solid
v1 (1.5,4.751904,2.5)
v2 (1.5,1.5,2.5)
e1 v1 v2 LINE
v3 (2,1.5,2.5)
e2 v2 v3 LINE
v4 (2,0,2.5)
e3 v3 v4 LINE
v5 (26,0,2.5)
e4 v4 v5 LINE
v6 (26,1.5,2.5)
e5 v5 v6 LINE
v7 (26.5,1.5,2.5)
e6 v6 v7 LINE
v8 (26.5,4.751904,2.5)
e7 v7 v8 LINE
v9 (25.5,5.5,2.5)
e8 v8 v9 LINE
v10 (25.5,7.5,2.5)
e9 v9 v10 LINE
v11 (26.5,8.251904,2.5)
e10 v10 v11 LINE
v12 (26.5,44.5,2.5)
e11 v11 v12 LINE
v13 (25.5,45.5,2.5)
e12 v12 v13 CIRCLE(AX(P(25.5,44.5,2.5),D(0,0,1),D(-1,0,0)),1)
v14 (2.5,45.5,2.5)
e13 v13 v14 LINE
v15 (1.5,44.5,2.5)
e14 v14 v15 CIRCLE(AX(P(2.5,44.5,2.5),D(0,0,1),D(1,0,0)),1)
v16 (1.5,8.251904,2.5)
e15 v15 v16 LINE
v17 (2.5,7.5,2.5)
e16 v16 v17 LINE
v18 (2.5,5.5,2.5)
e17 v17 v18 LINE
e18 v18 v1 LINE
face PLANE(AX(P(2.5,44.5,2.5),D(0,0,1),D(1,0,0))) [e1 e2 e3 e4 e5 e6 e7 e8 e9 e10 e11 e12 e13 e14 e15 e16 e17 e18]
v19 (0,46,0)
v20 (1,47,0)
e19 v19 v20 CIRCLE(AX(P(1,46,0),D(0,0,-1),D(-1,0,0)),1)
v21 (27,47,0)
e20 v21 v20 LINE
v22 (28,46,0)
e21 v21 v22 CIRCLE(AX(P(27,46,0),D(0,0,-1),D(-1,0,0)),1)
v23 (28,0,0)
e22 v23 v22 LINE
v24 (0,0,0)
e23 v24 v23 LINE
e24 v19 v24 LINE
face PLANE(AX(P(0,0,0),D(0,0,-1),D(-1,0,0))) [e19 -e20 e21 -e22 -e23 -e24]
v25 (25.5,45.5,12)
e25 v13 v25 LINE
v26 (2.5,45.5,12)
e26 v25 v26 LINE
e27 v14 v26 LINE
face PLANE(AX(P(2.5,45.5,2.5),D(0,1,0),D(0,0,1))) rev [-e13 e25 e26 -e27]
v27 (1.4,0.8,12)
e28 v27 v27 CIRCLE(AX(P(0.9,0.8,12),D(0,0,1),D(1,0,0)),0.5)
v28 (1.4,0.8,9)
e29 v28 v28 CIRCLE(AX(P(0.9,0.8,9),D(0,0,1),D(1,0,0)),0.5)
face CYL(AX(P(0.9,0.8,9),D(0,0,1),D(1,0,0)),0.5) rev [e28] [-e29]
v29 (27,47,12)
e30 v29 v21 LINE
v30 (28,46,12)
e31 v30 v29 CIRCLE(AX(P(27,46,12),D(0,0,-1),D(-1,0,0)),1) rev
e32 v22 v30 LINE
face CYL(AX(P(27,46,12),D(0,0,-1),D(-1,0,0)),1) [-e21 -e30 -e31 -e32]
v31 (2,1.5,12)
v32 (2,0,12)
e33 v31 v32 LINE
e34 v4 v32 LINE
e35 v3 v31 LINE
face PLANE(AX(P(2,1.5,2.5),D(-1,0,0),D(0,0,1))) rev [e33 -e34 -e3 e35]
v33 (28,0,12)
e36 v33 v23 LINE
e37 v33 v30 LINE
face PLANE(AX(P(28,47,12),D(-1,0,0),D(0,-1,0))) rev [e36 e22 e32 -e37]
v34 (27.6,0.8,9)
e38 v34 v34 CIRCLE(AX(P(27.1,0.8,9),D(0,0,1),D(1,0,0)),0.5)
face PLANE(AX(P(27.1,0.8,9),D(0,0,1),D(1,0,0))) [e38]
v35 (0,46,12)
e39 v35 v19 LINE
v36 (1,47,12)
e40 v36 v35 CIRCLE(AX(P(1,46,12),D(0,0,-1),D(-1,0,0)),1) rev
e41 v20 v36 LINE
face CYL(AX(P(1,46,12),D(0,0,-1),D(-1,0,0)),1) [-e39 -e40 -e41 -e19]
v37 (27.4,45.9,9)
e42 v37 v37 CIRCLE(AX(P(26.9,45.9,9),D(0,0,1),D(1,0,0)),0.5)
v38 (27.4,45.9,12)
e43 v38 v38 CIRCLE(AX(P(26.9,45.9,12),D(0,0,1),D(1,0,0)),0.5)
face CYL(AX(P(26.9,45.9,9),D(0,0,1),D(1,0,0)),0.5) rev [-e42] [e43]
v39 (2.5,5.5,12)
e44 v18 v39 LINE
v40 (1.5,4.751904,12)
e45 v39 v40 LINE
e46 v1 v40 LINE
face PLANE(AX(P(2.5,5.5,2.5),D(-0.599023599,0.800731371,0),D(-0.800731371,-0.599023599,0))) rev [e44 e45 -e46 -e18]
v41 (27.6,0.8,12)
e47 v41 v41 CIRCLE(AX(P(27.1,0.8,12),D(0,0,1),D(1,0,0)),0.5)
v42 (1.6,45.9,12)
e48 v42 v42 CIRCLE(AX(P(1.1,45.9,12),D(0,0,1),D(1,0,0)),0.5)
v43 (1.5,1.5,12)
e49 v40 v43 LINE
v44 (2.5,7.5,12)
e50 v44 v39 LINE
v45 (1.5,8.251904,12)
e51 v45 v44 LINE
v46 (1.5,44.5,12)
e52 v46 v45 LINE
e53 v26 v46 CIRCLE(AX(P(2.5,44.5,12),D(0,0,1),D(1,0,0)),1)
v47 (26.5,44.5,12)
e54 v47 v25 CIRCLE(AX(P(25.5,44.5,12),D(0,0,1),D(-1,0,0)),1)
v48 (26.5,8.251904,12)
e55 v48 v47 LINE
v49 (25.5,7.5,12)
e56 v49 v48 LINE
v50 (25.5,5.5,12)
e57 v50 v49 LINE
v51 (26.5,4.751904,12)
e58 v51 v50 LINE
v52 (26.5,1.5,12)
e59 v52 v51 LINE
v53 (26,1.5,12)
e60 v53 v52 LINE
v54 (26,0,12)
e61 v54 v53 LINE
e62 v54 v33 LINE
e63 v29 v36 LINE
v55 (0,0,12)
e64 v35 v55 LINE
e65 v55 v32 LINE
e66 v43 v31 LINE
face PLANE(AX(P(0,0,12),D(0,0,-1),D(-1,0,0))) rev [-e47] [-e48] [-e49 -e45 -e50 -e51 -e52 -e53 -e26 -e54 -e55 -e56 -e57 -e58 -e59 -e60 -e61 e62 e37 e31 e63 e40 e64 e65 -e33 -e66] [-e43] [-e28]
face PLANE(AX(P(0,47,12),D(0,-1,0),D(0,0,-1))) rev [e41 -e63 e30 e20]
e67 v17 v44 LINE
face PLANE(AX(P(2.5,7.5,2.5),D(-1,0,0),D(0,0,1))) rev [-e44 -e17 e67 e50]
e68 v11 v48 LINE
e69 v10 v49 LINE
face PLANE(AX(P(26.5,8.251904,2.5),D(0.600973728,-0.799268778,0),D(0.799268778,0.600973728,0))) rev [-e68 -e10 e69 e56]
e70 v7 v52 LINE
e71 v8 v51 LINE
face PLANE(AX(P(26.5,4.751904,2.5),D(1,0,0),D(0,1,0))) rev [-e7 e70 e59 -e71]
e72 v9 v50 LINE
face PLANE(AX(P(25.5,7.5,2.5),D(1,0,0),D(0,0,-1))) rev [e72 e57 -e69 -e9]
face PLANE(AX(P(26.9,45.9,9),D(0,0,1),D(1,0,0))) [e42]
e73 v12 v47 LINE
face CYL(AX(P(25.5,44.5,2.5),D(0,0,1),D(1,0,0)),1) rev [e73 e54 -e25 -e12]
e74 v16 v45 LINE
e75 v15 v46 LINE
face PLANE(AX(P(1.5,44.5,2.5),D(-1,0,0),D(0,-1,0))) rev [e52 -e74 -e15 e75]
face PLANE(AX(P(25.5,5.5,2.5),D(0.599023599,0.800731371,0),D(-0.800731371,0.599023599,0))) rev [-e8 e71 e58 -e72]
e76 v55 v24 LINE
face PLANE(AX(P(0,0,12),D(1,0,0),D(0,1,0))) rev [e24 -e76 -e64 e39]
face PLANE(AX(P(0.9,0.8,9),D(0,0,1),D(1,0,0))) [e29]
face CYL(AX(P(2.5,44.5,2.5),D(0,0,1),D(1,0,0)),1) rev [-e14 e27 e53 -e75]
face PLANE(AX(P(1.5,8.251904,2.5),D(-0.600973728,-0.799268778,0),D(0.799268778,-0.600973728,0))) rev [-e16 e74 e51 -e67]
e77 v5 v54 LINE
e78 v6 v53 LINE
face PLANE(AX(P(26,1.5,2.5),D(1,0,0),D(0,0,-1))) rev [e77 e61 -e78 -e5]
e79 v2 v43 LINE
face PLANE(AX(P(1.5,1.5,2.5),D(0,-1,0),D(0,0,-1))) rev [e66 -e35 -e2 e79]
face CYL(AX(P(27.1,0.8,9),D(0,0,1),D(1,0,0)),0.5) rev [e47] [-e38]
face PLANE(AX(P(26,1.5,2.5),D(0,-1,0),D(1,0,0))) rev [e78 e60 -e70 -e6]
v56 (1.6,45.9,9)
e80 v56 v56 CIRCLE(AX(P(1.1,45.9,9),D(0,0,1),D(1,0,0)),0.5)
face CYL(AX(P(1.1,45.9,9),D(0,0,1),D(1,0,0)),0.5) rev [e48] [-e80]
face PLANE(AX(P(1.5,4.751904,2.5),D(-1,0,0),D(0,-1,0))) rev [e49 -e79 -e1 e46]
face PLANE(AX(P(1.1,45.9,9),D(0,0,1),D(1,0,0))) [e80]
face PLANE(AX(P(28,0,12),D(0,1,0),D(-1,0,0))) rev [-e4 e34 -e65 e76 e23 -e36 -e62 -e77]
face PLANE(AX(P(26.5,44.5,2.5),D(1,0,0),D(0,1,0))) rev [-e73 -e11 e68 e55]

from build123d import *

# Parameters (mm, degrees)
SKIZZE1_W                       = 28
SKIZZE1_H                       = 47
AUFSATZ_LINEAR_AUSTRAGEN1_DEPTH = 12
SCHNITT_LINEAR_AUSTRAGEN1_DEPTH = 9.5
VERRUNDUNG2_R                   = 1
SKIZZE3_R                       = 0.5
SCHNITT_LINEAR_AUSTRAGEN2_DEPTH = 3


with BuildPart() as part:
    # Skizze1 → Aufsatz-Linear austragen1 (new body)
    with BuildSketch(Plane.XY):
        with Locations((14, 23.5)):
            Rectangle(SKIZZE1_W, SKIZZE1_H)
    extrude(amount=AUFSATZ_LINEAR_AUSTRAGEN1_DEPTH)

    # Skizze2 → Schnitt-Linear austragen1 (cut)
    with BuildSketch(Plane.XY.offset(12)):
        with BuildLine():
            Line((2.5, 45.5), (25.5, 45.5))
            ThreePointArc((25.5, 45.5), (26.207106781, 45.207106781), (26.5, 44.5))
            Line((26.5, 44.5), (26.5, 8.251904421))
            Line((26.5, 8.251904421), (25.5, 7.5))
            Line((25.5, 7.5), (25.5, 5.5))
            Line((25.5, 5.5), (26.5, 4.751904421))
            Line((26.5, 4.751904421), (26.5, 1.5))
            Line((26.5, 1.5), (26, 1.5))
            Line((26, 1.5), (26, 0))
            Line((26, 0), (2, 0))
            Line((2, 0), (2, 1.5))
            Line((2, 1.5), (1.5, 1.5))
            Line((1.5, 1.5), (1.5, 4.751904421))
            Line((1.5, 4.751904421), (2.5, 5.5))
            Line((2.5, 5.5), (2.5, 7.5))
            Line((2.5, 7.5), (1.5, 8.251904421))
            Line((1.5, 8.251904421), (1.5, 44.5))
            ThreePointArc((1.5, 44.5), (1.792893219, 45.207106781), (2.5, 45.5))
        make_face()
    extrude(amount=-SCHNITT_LINEAR_AUSTRAGEN1_DEPTH, mode=Mode.SUBTRACT)

    # Verrundung2
    verrundung2_edges = [part.edges().sort_by_distance(p)[0] for p in [
        (0, 47, 6),
        (28, 47, 6),
    ]]
    fillet(verrundung2_edges, radius=VERRUNDUNG2_R)

    # Skizze3 → Schnitt-Linear austragen2 (cut)
    with BuildSketch(Plane.XY.offset(12)):
        with Locations((1.1, 45.9)):
            Circle(SKIZZE3_R)
        with Locations((26.9, 45.9)):
            Circle(SKIZZE3_R)
        with Locations((0.9, 0.8)):
            Circle(SKIZZE3_R)
        with Locations((27.1, 0.8)):
            Circle(SKIZZE3_R)
    extrude(amount=-SCHNITT_LINEAR_AUSTRAGEN2_DEPTH, mode=Mode.SUBTRACT)


solid = part.part
